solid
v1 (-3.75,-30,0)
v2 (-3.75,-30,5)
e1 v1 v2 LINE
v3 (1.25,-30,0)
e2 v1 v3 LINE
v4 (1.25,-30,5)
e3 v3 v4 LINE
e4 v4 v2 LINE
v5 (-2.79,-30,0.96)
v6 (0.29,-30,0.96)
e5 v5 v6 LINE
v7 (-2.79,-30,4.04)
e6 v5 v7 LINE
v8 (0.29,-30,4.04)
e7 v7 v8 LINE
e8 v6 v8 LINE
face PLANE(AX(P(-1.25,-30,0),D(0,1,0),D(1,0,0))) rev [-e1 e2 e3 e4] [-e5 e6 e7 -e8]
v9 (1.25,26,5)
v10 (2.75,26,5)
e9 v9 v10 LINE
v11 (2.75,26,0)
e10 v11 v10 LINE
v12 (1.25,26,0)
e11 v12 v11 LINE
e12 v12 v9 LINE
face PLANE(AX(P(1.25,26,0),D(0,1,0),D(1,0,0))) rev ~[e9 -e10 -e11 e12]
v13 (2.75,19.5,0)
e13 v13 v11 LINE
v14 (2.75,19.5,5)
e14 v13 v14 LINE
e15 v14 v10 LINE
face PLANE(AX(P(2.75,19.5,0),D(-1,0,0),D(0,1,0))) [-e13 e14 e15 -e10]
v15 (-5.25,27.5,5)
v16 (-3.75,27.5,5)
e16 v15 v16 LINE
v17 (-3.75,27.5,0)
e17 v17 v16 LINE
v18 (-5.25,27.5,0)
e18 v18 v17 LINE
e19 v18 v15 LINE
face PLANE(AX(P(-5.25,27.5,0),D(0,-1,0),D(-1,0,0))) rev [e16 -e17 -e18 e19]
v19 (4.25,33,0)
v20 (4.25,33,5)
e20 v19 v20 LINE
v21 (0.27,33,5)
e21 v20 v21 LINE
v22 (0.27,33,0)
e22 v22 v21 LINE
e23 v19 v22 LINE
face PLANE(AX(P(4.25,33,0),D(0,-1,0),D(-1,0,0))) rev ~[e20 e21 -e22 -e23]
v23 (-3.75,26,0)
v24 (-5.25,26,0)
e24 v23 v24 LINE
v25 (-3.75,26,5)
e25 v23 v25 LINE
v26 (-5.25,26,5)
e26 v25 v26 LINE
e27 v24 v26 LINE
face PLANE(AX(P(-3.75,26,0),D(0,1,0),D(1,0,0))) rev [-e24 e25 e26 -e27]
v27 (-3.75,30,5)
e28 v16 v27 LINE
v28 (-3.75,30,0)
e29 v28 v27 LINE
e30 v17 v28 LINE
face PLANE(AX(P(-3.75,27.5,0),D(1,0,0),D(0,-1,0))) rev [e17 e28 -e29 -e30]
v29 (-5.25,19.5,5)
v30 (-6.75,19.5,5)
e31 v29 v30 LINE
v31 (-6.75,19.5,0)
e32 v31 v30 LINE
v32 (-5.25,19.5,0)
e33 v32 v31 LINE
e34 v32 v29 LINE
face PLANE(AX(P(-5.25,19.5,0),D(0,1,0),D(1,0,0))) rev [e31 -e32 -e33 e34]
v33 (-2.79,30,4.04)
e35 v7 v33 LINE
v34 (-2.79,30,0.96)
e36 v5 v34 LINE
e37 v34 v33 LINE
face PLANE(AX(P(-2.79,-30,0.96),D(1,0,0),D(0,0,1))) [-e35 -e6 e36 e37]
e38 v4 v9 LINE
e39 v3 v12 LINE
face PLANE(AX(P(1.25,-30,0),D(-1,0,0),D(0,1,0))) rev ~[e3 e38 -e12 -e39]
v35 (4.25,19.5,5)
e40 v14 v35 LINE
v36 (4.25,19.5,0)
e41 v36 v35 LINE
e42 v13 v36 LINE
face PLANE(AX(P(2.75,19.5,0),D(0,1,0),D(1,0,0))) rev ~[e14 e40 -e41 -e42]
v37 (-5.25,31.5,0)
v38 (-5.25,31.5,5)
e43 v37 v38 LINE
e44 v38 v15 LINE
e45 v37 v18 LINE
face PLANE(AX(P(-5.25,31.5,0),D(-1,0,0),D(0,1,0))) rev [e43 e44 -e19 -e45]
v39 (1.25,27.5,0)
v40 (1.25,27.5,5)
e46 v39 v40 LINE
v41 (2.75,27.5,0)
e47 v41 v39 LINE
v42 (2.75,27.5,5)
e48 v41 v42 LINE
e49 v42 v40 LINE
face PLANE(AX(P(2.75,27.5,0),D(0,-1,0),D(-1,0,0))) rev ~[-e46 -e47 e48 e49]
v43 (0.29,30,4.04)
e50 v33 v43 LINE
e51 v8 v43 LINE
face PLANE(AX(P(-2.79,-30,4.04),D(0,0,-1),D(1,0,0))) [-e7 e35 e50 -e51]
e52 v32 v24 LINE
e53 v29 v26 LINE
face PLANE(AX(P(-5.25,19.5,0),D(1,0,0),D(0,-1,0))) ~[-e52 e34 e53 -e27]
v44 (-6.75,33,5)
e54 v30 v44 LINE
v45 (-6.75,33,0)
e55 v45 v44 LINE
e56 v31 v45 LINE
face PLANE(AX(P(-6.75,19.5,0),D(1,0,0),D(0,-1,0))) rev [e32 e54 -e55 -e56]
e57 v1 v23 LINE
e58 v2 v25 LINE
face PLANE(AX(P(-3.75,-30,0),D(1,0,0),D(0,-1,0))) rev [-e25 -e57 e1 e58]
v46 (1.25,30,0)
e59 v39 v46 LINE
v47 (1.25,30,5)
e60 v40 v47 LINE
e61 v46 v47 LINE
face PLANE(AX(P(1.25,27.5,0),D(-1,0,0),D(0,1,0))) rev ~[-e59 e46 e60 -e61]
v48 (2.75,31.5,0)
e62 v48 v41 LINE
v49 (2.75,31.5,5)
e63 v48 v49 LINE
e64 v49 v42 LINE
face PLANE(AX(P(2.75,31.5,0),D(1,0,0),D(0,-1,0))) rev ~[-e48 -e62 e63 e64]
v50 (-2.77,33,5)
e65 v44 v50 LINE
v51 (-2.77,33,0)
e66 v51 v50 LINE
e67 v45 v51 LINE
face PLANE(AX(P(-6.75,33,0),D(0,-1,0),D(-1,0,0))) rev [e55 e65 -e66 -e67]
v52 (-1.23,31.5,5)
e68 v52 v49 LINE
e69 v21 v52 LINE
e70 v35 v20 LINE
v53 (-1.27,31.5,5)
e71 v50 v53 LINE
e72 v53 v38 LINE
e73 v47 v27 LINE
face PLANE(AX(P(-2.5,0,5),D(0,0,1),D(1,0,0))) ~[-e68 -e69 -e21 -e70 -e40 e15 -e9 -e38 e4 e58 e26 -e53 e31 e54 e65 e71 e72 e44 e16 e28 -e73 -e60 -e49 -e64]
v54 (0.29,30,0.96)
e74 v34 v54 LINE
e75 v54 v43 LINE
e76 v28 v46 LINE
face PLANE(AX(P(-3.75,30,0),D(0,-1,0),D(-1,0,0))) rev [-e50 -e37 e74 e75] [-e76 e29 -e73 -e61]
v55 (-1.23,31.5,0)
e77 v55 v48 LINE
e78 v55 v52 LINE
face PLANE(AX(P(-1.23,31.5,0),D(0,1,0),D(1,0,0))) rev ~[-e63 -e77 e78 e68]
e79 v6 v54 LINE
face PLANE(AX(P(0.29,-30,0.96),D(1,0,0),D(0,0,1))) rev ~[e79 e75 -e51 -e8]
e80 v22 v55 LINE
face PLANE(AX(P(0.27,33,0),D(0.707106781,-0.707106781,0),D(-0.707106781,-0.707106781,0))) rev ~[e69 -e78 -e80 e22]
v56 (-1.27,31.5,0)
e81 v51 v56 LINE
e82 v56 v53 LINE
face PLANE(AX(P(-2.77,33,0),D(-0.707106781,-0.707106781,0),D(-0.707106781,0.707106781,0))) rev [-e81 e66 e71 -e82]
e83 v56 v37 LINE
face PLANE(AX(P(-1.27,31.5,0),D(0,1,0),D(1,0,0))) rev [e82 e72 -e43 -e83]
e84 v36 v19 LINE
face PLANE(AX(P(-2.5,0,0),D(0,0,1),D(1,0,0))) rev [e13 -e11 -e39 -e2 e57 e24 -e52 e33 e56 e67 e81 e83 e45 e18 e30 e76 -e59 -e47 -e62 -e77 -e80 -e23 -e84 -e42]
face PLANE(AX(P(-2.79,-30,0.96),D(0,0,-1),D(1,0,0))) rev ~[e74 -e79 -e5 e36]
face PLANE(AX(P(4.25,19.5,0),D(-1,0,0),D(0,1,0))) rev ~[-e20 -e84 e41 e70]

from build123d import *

# Parameters (mm, degrees)
F0_W     = 1.5
F0_H     = 6.5
F1_DEPTH = 5
F3_W     = 3.08
F3_H     = 3.08
F4_DEPTH = 60


with BuildPart() as f1:
    # F0 (on Top) → F1 (new body)
    with BuildSketch(Plane.XY):
        Polygon((-1.25, -30), (1.25, -30), (1.25, 26), (1.25, 27.5), (1.25, 30), (-1.25, 30), align=None)
        Polygon((1.25, 27.5), (1.25, 26), (2.75, 26), (4.25, 26), (4.25, 33), (0.27, 33), (-1.23, 31.5), (2.75, 31.5), (2.75, 27.5), align=None)
        with Locations((3.5, 22.75)):
            Rectangle(F0_W, F0_H)
    extrude(amount=F1_DEPTH)

    # F2: F1 across face


with BuildPart() as f1_1:
    add(f1.part)
    add(f1.part.mirror(Plane(origin=(-1.25, 0, 2.5), x_dir=(0, -1, 0), z_dir=(-1, 0, 0))))

    # F3 (on face) → F4 (cut, through all)
    with BuildSketch(Plane.XZ.offset(30)):
        with Locations((-1.25, 2.5)):
            Rectangle(F3_W, F3_H)
    extrude(amount=-F4_DEPTH, mode=Mode.SUBTRACT)


solid = f1_1.part
